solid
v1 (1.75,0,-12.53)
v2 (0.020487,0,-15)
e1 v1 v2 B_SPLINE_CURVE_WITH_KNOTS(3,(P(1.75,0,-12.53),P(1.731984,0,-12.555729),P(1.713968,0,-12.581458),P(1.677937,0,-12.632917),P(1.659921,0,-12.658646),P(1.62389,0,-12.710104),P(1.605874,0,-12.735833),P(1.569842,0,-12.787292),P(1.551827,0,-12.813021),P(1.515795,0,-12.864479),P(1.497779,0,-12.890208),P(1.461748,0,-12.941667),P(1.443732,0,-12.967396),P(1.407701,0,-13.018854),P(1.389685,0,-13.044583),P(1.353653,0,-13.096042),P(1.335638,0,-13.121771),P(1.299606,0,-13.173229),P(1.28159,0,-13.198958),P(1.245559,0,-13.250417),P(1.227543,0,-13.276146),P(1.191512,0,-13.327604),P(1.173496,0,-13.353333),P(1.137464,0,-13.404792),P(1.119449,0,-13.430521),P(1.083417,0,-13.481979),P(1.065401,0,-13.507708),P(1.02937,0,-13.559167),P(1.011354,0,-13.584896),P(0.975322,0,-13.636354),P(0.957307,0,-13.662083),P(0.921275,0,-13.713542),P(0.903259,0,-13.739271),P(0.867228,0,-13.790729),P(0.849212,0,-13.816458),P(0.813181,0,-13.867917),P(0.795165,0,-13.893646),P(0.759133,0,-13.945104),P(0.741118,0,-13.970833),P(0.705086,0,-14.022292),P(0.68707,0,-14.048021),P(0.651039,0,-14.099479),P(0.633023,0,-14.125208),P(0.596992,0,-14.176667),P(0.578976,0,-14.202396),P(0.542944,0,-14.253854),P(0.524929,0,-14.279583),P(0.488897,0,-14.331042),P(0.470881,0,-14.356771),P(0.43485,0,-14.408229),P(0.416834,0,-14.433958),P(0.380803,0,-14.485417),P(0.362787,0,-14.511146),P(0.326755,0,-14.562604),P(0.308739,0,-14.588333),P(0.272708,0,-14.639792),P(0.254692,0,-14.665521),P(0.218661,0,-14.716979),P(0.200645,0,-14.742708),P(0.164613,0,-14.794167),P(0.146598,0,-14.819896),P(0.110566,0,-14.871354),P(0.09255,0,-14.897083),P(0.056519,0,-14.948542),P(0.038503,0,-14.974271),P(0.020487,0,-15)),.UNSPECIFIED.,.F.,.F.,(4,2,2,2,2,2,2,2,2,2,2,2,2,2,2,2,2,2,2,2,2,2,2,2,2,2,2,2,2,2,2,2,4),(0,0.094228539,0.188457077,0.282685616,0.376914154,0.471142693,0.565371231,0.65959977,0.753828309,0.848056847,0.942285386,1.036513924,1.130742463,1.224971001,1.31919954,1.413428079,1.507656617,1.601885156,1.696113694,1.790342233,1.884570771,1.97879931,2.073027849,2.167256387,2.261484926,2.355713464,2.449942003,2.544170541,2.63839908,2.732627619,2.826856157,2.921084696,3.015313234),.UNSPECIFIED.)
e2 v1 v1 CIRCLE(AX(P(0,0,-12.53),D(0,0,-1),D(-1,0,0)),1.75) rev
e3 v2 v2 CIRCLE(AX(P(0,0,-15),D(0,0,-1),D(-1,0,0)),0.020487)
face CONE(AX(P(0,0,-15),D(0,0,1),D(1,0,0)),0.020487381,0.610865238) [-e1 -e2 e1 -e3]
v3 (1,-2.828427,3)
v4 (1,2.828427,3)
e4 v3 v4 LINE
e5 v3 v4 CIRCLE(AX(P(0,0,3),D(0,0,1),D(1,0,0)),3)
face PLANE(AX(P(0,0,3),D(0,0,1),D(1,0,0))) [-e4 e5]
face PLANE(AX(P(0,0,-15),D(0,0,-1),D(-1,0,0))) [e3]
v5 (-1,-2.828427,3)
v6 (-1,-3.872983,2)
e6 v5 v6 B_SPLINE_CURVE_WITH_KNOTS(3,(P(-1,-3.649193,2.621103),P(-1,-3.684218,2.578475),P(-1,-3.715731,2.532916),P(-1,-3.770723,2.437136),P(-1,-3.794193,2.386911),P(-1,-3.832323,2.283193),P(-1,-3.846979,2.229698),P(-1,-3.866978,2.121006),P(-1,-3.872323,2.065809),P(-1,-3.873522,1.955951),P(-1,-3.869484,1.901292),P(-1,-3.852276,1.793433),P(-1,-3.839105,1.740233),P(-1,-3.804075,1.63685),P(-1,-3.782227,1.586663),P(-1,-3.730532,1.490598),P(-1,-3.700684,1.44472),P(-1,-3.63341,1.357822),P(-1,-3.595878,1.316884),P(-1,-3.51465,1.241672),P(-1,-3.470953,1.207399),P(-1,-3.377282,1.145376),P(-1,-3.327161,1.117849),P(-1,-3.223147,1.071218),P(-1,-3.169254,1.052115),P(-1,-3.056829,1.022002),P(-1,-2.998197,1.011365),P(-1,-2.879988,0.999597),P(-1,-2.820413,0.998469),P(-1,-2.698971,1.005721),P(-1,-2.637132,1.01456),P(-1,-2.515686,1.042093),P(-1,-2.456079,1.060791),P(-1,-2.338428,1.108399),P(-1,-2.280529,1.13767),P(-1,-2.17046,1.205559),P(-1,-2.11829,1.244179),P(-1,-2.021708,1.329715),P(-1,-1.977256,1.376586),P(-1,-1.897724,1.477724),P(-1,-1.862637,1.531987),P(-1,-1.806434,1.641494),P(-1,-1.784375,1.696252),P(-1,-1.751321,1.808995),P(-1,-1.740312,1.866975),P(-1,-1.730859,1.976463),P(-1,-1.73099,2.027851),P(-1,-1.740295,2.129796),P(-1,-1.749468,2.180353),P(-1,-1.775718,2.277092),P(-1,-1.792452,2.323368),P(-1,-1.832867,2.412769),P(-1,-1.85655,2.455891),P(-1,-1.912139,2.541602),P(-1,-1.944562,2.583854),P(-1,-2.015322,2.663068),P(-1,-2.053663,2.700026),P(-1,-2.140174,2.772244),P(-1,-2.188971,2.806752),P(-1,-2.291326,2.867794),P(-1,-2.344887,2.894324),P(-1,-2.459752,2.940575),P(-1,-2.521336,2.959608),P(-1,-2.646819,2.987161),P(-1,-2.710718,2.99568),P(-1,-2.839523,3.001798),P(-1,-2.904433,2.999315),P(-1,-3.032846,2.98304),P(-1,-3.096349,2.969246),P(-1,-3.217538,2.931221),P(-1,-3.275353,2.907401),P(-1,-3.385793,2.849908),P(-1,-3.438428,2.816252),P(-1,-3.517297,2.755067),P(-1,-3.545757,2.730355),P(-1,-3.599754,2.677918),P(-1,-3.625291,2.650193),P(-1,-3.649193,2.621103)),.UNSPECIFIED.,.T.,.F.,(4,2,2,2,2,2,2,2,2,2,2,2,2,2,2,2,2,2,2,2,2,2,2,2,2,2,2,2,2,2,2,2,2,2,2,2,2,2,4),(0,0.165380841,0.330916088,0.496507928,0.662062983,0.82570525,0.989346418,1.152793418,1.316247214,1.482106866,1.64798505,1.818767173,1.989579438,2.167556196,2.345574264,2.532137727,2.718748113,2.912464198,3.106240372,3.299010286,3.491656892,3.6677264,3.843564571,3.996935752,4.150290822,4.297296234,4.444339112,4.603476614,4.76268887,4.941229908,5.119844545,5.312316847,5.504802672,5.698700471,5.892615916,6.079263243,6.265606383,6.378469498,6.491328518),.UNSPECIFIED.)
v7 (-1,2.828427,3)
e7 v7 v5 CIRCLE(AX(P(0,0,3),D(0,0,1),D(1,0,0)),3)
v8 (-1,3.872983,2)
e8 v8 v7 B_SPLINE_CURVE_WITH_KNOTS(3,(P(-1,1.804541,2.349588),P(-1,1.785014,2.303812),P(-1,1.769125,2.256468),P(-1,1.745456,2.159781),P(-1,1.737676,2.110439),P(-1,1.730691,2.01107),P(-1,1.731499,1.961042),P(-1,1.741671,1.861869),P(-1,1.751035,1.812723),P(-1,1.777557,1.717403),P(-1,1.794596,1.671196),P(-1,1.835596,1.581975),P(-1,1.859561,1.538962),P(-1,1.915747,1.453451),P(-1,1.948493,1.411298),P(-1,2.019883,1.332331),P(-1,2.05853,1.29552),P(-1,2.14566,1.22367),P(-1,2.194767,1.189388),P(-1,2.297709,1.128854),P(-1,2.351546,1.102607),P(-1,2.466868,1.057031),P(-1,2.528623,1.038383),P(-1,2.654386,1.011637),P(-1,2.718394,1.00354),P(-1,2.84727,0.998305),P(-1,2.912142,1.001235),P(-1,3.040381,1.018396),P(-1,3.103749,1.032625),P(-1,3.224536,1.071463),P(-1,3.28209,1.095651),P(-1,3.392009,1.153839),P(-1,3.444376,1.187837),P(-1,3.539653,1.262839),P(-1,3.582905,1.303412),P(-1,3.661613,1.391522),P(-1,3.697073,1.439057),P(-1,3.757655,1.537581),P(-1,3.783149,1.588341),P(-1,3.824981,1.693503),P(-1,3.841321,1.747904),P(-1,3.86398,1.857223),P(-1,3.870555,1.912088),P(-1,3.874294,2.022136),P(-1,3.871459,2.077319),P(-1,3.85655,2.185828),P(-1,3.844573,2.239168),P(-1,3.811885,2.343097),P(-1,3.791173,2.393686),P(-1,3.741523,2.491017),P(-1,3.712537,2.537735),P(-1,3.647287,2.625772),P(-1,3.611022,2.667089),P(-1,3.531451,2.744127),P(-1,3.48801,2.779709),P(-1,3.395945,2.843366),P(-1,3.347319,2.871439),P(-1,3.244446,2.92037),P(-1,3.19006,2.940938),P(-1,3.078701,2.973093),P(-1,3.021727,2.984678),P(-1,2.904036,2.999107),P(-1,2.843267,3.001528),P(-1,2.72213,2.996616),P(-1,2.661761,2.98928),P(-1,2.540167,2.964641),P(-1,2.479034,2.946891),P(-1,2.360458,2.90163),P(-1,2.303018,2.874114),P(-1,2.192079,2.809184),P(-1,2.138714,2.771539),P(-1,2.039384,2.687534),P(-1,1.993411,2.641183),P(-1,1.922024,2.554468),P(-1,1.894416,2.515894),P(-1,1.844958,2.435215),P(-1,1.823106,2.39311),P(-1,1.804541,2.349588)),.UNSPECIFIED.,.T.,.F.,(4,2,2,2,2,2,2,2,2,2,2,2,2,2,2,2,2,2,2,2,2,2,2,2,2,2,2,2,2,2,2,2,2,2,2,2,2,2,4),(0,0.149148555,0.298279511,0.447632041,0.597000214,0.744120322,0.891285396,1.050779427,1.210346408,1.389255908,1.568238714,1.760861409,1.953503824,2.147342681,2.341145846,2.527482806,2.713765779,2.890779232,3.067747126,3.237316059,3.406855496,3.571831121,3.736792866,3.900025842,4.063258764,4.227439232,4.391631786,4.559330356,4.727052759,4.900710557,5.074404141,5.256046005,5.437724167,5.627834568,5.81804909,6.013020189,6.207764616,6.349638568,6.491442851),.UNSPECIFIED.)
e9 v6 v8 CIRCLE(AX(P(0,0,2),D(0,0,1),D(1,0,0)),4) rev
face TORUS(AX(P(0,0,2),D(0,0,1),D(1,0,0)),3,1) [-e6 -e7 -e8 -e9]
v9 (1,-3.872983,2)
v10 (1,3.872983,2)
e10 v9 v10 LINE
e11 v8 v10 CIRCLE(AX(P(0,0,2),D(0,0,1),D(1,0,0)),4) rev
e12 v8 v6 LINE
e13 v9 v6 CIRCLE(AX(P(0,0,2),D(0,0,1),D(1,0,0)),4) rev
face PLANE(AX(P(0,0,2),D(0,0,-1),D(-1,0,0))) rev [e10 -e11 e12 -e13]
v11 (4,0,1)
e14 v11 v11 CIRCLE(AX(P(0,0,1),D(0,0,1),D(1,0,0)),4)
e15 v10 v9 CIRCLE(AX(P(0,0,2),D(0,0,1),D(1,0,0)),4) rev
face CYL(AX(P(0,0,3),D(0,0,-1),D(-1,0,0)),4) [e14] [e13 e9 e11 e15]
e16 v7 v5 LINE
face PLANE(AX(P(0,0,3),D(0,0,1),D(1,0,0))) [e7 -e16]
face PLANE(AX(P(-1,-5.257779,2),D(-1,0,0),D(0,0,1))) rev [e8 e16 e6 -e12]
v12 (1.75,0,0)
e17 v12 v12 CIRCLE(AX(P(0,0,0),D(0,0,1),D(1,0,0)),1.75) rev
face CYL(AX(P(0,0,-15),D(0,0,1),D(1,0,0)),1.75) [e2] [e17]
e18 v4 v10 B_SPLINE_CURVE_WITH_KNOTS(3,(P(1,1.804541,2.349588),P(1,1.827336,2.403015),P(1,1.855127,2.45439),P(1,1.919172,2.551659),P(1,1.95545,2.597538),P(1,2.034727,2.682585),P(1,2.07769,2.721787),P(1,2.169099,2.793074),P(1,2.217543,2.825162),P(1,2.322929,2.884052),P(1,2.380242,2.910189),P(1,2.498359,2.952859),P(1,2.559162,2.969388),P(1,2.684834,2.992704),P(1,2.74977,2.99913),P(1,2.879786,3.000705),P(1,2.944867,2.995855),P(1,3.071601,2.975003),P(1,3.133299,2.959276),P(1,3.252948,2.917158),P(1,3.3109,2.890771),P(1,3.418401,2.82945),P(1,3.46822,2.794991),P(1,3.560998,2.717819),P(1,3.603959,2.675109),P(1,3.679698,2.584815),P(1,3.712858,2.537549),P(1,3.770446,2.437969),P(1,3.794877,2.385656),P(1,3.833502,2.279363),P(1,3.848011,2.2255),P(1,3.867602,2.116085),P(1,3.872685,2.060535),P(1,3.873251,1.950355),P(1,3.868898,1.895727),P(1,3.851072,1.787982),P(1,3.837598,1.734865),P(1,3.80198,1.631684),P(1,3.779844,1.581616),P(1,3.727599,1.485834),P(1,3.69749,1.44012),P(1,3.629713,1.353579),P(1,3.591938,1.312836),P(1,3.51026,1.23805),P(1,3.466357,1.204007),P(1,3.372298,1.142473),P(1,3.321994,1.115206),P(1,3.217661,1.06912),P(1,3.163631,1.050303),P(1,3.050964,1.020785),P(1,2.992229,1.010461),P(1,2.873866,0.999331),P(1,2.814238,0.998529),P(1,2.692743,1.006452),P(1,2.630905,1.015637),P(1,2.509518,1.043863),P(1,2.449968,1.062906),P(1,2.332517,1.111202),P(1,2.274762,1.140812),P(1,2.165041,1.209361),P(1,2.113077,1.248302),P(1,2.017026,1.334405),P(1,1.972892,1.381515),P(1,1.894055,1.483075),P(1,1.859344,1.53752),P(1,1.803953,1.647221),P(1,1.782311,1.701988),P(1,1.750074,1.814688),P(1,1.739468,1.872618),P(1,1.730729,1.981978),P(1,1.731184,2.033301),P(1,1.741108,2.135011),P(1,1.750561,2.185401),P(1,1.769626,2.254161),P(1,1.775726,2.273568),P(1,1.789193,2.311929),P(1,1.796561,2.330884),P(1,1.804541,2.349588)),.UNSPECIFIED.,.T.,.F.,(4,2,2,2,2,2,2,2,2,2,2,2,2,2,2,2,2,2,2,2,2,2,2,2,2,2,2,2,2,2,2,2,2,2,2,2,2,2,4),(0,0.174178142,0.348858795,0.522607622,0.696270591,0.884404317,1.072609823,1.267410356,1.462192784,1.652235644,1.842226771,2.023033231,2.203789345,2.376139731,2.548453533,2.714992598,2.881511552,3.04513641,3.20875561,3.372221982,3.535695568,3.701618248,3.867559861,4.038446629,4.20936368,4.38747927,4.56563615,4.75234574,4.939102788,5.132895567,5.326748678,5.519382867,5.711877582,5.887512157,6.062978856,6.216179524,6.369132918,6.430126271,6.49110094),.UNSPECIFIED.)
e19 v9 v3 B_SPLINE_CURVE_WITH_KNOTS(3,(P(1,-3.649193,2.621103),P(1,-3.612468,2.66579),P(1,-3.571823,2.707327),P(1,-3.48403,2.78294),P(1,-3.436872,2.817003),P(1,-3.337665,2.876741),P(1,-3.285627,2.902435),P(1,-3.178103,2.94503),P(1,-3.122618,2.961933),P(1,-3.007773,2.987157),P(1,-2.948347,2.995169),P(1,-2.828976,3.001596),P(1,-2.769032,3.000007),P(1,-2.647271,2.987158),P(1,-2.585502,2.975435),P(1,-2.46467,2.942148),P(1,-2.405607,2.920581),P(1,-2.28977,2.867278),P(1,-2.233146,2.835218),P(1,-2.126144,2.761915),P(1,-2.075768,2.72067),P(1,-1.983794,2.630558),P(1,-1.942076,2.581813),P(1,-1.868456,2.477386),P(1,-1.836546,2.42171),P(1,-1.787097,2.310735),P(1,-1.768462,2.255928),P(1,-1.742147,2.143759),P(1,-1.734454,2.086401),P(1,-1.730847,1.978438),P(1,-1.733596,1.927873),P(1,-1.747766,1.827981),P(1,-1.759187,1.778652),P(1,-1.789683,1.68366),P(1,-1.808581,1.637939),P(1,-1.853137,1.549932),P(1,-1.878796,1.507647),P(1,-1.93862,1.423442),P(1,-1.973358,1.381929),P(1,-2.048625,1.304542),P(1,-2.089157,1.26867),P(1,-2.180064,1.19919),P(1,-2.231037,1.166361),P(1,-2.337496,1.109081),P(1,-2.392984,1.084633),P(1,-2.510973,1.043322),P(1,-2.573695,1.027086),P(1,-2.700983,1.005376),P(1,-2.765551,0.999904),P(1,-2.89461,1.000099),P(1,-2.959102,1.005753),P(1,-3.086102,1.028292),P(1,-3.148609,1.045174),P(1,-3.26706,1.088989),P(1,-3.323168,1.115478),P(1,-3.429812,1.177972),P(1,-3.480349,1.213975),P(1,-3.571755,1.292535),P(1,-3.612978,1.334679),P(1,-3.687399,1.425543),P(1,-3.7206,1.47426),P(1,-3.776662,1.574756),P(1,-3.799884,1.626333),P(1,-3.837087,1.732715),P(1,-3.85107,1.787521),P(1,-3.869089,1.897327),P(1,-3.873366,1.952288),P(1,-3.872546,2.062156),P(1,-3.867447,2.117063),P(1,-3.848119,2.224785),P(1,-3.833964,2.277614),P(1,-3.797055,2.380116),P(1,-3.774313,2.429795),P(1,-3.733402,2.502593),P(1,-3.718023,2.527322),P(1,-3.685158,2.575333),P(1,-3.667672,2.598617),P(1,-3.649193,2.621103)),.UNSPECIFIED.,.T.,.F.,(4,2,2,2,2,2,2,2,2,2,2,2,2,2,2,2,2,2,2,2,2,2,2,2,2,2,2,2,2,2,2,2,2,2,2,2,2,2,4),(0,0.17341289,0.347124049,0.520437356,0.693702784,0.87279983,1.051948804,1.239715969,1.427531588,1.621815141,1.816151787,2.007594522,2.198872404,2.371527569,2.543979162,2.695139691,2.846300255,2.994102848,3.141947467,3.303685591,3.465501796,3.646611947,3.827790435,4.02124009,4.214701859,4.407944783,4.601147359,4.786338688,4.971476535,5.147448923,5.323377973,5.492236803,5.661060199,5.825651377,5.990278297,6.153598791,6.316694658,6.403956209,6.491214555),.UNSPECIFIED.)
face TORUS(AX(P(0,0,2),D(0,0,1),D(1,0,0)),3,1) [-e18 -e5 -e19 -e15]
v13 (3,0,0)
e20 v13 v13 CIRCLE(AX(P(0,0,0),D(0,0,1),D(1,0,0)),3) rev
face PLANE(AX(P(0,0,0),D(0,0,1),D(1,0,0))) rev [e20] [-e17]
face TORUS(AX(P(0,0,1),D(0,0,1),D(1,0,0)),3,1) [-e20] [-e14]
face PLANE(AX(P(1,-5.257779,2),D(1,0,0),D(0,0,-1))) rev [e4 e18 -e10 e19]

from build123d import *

# Parameters (mm, degrees)
CROQUIS1_R              = 4
SALIENTE_EXTRUIR1_DEPTH = 3
REDONDEO1_R             = 1
CROQUIS2_W              = 2
CROQUIS2_H              = 10.515557436
CORTAR_EXTRUIR1_DEPTH   = 1
CROQUIS3_R              = 1.75
SALIENTE_EXTRUIR2_DEPTH = 15
CHAFL_N1_SIZE           = 2.47
CHAFL_N1_SIZE2          = 1.729512619


with BuildPart() as part:
    # Croquis1 → Saliente-Extruir1 (new body)
    with BuildSketch(Plane.XY):
        Circle(CROQUIS1_R)
    extrude(amount=SALIENTE_EXTRUIR1_DEPTH)

    # Redondeo1
    redondeo1_edges = [part.edges().sort_by_distance(p)[0] for p in [
        (-4, 0, 0),
        (-4, 0, 3),
    ]]
    fillet(redondeo1_edges, radius=REDONDEO1_R)

    # Croquis2 → Cortar-Extruir1 (cut)
    with BuildSketch(Plane.XY.offset(3)):
        Rectangle(CROQUIS2_W, CROQUIS2_H)
    extrude(amount=-CORTAR_EXTRUIR1_DEPTH, mode=Mode.SUBTRACT)

    # Croquis3 → Saliente-Extruir2 (add)
    with BuildSketch(Plane(origin=(0, 0, 0), x_dir=(-1, 0, 0), z_dir=(0, 0, -1))):
        with Locations(Location((0, 0, 0), (0, 0, 180))):
            Circle(CROQUIS3_R)
    extrude(amount=SALIENTE_EXTRUIR2_DEPTH)

    # Chaflán1
    chafl_n1_edges = [part.edges().sort_by_distance(p)[0] for p in [
        (-1.75, 0, -15),
    ]]
    chafl_n1_side = [part.faces().sort_by_distance(p)[0] for p in [
        (-1.75, 0, -7.5),
    ]]
    chamfer(chafl_n1_edges, length=CHAFL_N1_SIZE, length2=CHAFL_N1_SIZE2, reference=chafl_n1_side[0])


solid = part.part
